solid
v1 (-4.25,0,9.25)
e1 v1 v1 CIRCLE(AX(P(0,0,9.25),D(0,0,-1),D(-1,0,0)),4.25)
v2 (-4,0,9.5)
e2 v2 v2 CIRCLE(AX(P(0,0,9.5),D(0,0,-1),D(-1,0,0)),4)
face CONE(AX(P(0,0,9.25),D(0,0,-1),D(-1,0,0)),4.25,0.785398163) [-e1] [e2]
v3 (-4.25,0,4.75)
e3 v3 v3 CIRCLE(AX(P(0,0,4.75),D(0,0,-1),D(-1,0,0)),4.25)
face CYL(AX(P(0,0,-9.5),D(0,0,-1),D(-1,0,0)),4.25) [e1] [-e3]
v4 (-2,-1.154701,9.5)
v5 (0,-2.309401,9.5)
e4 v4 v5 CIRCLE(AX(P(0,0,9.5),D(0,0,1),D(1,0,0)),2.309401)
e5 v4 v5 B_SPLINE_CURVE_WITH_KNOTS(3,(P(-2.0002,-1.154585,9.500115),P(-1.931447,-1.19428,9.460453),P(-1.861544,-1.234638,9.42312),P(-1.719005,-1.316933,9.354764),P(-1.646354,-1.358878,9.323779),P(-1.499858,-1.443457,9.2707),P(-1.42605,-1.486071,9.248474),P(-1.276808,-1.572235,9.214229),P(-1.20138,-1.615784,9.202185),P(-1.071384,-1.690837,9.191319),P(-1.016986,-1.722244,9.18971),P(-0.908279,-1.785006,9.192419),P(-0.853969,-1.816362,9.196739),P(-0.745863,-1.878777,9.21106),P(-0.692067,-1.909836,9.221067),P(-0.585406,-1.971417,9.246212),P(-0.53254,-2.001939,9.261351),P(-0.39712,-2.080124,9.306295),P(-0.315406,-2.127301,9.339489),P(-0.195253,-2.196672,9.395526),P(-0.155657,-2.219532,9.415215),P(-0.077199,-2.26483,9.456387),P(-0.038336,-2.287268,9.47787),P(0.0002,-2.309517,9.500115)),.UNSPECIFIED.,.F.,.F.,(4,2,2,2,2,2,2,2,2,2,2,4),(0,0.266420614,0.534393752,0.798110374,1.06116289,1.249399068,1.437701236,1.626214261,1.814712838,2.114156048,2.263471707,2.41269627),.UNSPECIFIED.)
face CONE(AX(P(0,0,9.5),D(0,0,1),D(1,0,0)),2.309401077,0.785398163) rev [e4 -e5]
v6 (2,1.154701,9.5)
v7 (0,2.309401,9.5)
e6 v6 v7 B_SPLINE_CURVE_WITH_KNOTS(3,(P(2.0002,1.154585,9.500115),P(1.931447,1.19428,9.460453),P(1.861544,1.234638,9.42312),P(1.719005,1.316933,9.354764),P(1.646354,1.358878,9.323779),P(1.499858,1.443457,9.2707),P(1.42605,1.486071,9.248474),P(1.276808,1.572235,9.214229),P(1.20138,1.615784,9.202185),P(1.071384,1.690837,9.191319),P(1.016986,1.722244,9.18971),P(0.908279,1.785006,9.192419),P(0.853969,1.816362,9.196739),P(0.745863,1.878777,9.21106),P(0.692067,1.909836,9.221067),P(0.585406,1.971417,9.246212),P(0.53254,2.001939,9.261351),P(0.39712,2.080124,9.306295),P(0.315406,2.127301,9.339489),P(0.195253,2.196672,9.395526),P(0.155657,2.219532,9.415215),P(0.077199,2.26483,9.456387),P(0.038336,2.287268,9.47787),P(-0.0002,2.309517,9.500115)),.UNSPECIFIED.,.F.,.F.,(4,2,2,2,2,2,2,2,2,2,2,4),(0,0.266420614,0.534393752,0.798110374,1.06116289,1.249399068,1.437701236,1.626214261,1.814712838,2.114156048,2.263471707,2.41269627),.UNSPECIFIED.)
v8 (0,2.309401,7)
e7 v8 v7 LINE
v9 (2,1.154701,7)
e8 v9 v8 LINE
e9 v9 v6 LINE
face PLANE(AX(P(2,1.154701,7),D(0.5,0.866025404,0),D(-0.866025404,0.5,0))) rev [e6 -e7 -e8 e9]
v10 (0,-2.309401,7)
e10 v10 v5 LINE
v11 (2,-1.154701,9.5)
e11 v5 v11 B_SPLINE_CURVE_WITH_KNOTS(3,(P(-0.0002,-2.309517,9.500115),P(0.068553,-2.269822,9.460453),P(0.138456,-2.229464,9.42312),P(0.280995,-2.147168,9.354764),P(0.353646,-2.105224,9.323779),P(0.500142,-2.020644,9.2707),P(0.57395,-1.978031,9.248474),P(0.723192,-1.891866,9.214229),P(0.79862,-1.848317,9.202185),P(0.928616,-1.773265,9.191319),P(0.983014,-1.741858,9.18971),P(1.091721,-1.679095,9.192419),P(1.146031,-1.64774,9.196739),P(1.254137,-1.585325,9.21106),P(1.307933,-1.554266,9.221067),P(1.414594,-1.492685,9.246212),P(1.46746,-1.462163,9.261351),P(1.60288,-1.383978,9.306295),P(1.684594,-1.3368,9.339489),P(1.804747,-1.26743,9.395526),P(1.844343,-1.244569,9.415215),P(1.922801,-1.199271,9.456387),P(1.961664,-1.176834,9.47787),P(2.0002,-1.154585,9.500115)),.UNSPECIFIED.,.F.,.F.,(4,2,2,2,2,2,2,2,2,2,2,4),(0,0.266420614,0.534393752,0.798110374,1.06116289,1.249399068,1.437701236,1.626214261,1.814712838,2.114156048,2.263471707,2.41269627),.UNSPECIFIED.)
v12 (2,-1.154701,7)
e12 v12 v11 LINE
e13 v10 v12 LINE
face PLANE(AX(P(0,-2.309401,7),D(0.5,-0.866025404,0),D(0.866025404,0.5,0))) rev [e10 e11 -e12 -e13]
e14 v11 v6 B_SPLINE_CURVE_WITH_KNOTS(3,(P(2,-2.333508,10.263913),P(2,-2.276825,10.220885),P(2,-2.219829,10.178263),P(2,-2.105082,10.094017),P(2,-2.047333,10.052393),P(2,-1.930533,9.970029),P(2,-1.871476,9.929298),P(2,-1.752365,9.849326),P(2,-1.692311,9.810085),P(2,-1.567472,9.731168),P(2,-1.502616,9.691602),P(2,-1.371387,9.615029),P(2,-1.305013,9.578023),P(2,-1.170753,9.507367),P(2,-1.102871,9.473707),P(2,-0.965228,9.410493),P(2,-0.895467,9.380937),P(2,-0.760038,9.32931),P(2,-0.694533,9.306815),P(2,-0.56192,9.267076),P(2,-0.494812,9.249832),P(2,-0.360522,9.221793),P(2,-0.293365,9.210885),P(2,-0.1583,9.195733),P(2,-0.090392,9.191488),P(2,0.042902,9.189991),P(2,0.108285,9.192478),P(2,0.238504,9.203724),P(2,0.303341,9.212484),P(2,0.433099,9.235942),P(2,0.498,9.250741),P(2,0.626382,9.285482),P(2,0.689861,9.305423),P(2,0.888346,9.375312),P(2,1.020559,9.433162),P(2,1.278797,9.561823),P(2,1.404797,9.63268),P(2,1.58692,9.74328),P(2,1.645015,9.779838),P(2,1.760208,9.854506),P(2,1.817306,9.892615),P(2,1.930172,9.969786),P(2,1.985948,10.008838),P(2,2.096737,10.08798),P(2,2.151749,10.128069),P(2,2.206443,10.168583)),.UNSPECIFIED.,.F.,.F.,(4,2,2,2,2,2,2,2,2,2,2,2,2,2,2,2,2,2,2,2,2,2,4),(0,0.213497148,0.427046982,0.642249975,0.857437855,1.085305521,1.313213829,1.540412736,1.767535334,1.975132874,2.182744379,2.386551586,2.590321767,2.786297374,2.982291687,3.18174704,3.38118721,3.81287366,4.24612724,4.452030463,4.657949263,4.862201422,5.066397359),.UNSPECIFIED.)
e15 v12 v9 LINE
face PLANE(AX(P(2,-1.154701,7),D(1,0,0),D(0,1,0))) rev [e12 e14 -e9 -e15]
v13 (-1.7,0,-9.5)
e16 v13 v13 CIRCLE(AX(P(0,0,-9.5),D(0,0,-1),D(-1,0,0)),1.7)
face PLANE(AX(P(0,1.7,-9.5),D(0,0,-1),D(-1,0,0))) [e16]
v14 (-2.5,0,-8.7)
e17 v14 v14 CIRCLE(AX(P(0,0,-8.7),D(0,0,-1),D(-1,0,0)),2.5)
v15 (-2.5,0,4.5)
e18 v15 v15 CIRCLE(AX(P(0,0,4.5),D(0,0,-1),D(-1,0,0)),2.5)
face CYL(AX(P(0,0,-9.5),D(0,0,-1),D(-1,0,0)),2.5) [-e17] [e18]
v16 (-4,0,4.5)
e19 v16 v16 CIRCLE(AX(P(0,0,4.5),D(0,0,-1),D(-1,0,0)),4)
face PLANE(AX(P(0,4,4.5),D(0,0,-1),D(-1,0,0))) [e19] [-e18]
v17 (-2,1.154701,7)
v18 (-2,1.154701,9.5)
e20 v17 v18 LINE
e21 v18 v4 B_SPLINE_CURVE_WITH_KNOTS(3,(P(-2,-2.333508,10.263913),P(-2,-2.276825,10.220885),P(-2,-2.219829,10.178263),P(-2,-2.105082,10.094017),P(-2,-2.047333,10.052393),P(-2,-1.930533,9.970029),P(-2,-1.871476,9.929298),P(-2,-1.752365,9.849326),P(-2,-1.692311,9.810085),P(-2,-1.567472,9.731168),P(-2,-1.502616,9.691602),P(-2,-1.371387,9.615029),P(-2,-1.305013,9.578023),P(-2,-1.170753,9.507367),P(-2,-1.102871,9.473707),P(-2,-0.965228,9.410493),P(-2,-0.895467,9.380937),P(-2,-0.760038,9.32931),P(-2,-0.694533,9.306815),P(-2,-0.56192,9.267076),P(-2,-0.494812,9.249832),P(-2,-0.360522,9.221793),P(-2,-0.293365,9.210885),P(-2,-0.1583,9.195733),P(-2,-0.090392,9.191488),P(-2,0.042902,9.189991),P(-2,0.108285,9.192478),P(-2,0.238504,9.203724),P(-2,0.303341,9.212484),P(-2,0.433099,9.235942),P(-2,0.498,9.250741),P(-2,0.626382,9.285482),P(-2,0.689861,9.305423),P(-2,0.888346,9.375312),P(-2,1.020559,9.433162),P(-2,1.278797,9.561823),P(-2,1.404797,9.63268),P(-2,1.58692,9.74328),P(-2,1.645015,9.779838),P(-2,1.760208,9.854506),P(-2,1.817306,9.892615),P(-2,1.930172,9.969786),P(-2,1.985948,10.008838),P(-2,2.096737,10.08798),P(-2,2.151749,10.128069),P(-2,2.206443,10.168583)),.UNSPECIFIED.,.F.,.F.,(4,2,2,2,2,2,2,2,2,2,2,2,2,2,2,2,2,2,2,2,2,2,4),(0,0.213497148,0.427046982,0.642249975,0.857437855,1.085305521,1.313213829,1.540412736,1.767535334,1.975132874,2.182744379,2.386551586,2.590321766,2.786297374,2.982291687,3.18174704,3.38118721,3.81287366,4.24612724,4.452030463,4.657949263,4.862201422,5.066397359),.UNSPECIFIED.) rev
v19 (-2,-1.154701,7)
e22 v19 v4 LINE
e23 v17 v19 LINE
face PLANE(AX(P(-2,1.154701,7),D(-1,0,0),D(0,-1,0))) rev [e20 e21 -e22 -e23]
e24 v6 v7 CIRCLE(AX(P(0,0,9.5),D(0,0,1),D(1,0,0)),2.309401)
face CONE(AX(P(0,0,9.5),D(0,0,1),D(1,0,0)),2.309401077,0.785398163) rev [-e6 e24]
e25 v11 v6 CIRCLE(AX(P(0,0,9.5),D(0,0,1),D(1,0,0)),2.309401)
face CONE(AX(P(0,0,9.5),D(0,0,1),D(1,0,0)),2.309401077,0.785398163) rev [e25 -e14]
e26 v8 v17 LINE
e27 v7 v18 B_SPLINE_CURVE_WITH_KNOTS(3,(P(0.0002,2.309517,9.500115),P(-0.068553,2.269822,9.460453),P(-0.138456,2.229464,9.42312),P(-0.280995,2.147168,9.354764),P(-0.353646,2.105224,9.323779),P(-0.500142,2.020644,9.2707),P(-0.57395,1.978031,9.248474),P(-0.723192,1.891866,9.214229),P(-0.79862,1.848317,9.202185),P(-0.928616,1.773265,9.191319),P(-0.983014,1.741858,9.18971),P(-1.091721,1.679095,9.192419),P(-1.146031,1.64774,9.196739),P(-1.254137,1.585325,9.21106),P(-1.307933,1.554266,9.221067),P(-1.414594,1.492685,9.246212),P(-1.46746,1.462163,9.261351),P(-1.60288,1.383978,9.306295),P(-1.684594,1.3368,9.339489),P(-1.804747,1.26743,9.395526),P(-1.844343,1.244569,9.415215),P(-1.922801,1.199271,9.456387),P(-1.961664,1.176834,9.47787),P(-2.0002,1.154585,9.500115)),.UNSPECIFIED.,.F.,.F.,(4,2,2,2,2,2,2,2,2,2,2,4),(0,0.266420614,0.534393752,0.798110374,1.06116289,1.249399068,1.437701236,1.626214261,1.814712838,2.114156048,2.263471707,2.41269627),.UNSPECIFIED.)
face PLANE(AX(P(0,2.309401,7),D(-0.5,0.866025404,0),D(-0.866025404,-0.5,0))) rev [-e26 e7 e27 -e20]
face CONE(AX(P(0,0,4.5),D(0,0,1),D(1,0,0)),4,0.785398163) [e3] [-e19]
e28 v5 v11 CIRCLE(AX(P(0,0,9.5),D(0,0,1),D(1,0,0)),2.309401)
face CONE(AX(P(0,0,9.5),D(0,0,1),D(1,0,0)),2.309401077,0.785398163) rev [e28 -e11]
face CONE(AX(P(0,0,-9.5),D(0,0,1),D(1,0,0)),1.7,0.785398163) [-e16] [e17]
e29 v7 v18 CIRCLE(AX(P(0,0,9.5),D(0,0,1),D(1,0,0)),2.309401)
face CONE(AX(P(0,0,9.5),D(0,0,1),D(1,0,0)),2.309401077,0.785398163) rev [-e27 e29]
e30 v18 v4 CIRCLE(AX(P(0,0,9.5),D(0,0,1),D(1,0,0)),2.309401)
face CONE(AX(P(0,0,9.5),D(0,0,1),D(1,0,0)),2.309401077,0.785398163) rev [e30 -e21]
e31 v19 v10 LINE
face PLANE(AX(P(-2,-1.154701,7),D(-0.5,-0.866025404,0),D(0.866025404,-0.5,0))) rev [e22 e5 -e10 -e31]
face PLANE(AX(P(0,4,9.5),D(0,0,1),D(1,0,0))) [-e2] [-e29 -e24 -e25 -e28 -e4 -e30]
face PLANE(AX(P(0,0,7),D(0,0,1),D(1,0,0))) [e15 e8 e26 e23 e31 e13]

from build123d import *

# Parameters (mm, degrees)
CUT_EXTRUDE1_START = -2.5
CUT_EXTRUDE1_DEPTH = 2.5
SKETCH4_R          = 2.309401077
CUT_EXTRUDE2_DEPTH = 0.5
CUT_EXTRUDE2_TAPER = 45


with BuildPart() as part:
    # Sketch2 → Revolve1 (revolve)
    with BuildSketch(Plane(origin=(0, 0, 0), x_dir=(0, 0, -1), z_dir=(1, 0, 0))):
        Polygon((-9.25, 4.25), (-4.75, 4.25), (-4.5, 4), (-4.5, 2.5), (8.7, 2.5), (9.5, 1.7), (9.5, 0), (-9.5, 0), (-9.5, 4), align=None)
    revolve(axis=Axis((0, 0, -9.5), (0, 0, 1)))

    # Sketch3 → Cut-Extrude1 (cut)
    with BuildSketch(Plane.XY.offset(9.5).offset(CUT_EXTRUDE1_START)):
        Polygon((0, 2.309401077), (-2, 1.154700538), (-2, -1.154700538), (0, -2.309401077), (2, -1.154700538), (2, 1.154700538), align=None)
    extrude(amount=CUT_EXTRUDE1_DEPTH, mode=Mode.SUBTRACT)

    # Sketch4 → Cut-Extrude2 (cut)
    with BuildSketch(Plane.XY.offset(9.5)):
        Circle(SKETCH4_R)
    extrude(amount=-CUT_EXTRUDE2_DEPTH, taper=CUT_EXTRUDE2_TAPER, mode=Mode.SUBTRACT)


solid = part.part
